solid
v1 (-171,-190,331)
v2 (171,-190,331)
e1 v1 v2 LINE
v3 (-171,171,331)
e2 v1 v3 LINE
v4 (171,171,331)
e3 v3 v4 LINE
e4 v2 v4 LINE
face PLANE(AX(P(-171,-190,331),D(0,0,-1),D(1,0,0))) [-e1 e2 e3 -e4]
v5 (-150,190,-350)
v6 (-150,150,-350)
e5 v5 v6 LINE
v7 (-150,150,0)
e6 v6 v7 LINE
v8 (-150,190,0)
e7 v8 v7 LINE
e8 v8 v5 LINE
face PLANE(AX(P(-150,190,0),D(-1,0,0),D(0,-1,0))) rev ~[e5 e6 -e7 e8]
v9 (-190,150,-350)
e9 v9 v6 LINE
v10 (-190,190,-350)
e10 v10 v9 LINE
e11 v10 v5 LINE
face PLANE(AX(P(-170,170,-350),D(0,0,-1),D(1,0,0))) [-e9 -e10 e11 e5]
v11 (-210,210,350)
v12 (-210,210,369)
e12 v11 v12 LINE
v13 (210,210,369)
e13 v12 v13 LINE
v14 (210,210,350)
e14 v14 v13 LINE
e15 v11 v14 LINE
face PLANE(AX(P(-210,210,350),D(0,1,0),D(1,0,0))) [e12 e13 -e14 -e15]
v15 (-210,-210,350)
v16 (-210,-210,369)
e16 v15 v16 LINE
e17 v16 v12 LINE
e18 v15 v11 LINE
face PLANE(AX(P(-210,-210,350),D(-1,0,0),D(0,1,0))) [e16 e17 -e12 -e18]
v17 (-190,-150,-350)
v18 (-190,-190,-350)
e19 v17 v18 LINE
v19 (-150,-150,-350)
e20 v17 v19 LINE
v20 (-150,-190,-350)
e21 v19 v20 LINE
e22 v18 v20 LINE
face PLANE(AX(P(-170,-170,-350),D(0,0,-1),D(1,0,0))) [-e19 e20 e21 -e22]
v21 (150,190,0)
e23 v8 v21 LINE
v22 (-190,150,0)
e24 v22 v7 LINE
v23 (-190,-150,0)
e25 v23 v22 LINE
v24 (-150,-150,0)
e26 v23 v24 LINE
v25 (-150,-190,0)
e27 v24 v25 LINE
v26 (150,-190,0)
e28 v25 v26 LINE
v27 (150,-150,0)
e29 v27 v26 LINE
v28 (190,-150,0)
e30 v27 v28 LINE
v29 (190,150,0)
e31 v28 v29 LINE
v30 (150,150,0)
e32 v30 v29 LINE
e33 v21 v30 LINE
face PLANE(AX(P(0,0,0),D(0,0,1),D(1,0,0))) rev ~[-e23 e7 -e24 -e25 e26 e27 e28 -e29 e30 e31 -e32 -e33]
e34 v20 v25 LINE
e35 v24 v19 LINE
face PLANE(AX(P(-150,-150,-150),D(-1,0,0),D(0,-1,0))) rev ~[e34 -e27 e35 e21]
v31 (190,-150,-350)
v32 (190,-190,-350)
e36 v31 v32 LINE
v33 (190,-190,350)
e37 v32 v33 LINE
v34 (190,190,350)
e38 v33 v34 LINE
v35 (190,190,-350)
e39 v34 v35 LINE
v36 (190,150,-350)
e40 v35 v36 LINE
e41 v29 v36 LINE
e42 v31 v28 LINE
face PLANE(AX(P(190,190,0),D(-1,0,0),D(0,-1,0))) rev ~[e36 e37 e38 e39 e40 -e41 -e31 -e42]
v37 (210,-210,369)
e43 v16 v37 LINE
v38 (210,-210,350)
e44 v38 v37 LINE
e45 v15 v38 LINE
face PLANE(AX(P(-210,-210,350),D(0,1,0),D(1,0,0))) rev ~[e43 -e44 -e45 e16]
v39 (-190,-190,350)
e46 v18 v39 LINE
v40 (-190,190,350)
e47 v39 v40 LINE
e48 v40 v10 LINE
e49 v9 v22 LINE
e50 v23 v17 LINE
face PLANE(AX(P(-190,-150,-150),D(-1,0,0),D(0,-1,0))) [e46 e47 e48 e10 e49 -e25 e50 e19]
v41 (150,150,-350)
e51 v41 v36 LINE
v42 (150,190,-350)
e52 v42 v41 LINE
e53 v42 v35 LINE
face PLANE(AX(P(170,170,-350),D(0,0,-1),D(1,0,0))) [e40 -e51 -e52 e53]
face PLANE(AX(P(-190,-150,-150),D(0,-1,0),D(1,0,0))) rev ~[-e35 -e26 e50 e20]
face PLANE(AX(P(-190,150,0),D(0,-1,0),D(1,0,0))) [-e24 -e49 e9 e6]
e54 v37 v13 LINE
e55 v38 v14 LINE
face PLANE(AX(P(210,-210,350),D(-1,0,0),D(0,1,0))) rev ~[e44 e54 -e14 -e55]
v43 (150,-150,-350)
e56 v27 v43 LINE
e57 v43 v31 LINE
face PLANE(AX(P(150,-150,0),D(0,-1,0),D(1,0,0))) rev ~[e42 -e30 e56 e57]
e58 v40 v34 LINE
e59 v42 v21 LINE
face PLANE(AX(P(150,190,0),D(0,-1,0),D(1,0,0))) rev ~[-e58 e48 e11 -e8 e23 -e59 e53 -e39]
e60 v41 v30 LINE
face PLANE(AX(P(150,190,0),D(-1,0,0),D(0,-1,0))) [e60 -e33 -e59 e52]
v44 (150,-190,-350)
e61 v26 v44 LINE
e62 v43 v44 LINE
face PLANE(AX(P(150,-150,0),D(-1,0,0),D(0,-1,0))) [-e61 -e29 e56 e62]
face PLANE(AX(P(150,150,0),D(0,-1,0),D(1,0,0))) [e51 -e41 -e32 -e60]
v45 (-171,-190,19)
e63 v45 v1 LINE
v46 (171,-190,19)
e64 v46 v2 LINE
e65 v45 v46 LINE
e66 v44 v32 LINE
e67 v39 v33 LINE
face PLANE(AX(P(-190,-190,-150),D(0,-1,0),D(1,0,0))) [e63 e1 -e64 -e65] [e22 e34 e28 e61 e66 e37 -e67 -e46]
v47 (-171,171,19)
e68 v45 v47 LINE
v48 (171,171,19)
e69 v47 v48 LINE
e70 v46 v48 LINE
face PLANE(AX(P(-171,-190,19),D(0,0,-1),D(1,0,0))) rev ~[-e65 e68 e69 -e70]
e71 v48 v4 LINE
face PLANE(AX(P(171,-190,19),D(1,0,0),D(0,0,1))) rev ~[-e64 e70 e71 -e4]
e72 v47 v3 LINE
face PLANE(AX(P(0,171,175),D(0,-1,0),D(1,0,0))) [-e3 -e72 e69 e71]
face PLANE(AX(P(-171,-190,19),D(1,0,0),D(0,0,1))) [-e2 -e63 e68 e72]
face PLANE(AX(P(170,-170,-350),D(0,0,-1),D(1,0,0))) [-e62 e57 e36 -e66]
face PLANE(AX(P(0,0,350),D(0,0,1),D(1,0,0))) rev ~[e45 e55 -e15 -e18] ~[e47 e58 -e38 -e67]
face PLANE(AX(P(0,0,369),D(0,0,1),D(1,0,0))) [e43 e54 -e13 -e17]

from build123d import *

# Parameters (mm, degrees)
F0_W      = 380
F0_H      = 380
F1_DEPTH  = 350
F2_W      = 342
F2_H      = 312
F3_DEPTH  = 361
F4_W      = 342
F4_H      = 312
F5_DEPTH  = 361
F6_W      = 40
F6_H      = 40
F7_DEPTH  = 150
F8_W      = 40
F8_H      = 40
F9_DEPTH  = 150
F10_W     = 40
F10_H     = 40
F11_DEPTH = 150
F12_W     = 40
F12_H     = 40
F13_DEPTH = 150
F14_W     = 420
F14_H     = 420
F14_W_2   = 380
F14_H_2   = 380
F15_DEPTH = 19
F16_DEPTH = 200


with BuildPart() as f1:
    # F0 (on Top) → F1 (new body)
    with BuildSketch(Plane.XY):
        Rectangle(F0_W, F0_H)
    extrude(amount=F1_DEPTH)

    # F2 (on face) → F3 (join)
    with BuildSketch(Plane.XZ.offset(190)):
        with Locations((0, 175)):
            Rectangle(F2_W, F2_H)
    extrude(amount=-F3_DEPTH)

    # F4 (on face) → F5 (cut)
    with BuildSketch(Plane.XZ.offset(190)):
        with Locations((0, 175)):
            Rectangle(F4_W, F4_H)
    extrude(amount=-F5_DEPTH, mode=Mode.SUBTRACT)

    # F6 (on face) → F7 (join)
    with BuildSketch(Plane(origin=(0, 0, 0), x_dir=(1, 0, 0), z_dir=(0, 0, -1))):
        with Locations((-170, 170)):
            Rectangle(F6_W, F6_H)
    extrude(amount=F7_DEPTH)

    # F8 (on face) → F9 (join)
    with BuildSketch(Plane(origin=(0, 0, 0), x_dir=(1, 0, 0), z_dir=(0, 0, -1))):
        with Locations((170, 170)):
            Rectangle(F8_W, F8_H)
    extrude(amount=F9_DEPTH)

    # F10 (on face) → F11 (join)
    with BuildSketch(Plane(origin=(0, 0, 0), x_dir=(1, 0, 0), z_dir=(0, 0, -1))):
        with Locations((-170, -170)):
            Rectangle(F10_W, F10_H)
    extrude(amount=F11_DEPTH)

    # F12 (on face) → F13 (join)
    with BuildSketch(Plane(origin=(0, 0, 0), x_dir=(1, 0, 0), z_dir=(0, 0, -1))):
        with Locations((170, -170)):
            Rectangle(F12_W, F12_H)
    extrude(amount=F13_DEPTH)

    # F14 (on face) → F15 (join)
    with BuildSketch(Plane.XY.offset(350)):
        Rectangle(F14_W, F14_H)
        Rectangle(F14_W_2, F14_H_2, mode=Mode.SUBTRACT)
        Rectangle(F14_W_2, F14_H_2)
    extrude(amount=F15_DEPTH)

    # F16 (add): faces of the model
    f16_faces = [f1.faces().sort_by_distance(p)[0] for p in [
        (-170, -170, -150),
        (170, -170, -150),
        (-170, 170, -150),
        (170, 170, -150),
    ]]
    extrude(f16_faces, amount=F16_DEPTH)


solid = f1.part
